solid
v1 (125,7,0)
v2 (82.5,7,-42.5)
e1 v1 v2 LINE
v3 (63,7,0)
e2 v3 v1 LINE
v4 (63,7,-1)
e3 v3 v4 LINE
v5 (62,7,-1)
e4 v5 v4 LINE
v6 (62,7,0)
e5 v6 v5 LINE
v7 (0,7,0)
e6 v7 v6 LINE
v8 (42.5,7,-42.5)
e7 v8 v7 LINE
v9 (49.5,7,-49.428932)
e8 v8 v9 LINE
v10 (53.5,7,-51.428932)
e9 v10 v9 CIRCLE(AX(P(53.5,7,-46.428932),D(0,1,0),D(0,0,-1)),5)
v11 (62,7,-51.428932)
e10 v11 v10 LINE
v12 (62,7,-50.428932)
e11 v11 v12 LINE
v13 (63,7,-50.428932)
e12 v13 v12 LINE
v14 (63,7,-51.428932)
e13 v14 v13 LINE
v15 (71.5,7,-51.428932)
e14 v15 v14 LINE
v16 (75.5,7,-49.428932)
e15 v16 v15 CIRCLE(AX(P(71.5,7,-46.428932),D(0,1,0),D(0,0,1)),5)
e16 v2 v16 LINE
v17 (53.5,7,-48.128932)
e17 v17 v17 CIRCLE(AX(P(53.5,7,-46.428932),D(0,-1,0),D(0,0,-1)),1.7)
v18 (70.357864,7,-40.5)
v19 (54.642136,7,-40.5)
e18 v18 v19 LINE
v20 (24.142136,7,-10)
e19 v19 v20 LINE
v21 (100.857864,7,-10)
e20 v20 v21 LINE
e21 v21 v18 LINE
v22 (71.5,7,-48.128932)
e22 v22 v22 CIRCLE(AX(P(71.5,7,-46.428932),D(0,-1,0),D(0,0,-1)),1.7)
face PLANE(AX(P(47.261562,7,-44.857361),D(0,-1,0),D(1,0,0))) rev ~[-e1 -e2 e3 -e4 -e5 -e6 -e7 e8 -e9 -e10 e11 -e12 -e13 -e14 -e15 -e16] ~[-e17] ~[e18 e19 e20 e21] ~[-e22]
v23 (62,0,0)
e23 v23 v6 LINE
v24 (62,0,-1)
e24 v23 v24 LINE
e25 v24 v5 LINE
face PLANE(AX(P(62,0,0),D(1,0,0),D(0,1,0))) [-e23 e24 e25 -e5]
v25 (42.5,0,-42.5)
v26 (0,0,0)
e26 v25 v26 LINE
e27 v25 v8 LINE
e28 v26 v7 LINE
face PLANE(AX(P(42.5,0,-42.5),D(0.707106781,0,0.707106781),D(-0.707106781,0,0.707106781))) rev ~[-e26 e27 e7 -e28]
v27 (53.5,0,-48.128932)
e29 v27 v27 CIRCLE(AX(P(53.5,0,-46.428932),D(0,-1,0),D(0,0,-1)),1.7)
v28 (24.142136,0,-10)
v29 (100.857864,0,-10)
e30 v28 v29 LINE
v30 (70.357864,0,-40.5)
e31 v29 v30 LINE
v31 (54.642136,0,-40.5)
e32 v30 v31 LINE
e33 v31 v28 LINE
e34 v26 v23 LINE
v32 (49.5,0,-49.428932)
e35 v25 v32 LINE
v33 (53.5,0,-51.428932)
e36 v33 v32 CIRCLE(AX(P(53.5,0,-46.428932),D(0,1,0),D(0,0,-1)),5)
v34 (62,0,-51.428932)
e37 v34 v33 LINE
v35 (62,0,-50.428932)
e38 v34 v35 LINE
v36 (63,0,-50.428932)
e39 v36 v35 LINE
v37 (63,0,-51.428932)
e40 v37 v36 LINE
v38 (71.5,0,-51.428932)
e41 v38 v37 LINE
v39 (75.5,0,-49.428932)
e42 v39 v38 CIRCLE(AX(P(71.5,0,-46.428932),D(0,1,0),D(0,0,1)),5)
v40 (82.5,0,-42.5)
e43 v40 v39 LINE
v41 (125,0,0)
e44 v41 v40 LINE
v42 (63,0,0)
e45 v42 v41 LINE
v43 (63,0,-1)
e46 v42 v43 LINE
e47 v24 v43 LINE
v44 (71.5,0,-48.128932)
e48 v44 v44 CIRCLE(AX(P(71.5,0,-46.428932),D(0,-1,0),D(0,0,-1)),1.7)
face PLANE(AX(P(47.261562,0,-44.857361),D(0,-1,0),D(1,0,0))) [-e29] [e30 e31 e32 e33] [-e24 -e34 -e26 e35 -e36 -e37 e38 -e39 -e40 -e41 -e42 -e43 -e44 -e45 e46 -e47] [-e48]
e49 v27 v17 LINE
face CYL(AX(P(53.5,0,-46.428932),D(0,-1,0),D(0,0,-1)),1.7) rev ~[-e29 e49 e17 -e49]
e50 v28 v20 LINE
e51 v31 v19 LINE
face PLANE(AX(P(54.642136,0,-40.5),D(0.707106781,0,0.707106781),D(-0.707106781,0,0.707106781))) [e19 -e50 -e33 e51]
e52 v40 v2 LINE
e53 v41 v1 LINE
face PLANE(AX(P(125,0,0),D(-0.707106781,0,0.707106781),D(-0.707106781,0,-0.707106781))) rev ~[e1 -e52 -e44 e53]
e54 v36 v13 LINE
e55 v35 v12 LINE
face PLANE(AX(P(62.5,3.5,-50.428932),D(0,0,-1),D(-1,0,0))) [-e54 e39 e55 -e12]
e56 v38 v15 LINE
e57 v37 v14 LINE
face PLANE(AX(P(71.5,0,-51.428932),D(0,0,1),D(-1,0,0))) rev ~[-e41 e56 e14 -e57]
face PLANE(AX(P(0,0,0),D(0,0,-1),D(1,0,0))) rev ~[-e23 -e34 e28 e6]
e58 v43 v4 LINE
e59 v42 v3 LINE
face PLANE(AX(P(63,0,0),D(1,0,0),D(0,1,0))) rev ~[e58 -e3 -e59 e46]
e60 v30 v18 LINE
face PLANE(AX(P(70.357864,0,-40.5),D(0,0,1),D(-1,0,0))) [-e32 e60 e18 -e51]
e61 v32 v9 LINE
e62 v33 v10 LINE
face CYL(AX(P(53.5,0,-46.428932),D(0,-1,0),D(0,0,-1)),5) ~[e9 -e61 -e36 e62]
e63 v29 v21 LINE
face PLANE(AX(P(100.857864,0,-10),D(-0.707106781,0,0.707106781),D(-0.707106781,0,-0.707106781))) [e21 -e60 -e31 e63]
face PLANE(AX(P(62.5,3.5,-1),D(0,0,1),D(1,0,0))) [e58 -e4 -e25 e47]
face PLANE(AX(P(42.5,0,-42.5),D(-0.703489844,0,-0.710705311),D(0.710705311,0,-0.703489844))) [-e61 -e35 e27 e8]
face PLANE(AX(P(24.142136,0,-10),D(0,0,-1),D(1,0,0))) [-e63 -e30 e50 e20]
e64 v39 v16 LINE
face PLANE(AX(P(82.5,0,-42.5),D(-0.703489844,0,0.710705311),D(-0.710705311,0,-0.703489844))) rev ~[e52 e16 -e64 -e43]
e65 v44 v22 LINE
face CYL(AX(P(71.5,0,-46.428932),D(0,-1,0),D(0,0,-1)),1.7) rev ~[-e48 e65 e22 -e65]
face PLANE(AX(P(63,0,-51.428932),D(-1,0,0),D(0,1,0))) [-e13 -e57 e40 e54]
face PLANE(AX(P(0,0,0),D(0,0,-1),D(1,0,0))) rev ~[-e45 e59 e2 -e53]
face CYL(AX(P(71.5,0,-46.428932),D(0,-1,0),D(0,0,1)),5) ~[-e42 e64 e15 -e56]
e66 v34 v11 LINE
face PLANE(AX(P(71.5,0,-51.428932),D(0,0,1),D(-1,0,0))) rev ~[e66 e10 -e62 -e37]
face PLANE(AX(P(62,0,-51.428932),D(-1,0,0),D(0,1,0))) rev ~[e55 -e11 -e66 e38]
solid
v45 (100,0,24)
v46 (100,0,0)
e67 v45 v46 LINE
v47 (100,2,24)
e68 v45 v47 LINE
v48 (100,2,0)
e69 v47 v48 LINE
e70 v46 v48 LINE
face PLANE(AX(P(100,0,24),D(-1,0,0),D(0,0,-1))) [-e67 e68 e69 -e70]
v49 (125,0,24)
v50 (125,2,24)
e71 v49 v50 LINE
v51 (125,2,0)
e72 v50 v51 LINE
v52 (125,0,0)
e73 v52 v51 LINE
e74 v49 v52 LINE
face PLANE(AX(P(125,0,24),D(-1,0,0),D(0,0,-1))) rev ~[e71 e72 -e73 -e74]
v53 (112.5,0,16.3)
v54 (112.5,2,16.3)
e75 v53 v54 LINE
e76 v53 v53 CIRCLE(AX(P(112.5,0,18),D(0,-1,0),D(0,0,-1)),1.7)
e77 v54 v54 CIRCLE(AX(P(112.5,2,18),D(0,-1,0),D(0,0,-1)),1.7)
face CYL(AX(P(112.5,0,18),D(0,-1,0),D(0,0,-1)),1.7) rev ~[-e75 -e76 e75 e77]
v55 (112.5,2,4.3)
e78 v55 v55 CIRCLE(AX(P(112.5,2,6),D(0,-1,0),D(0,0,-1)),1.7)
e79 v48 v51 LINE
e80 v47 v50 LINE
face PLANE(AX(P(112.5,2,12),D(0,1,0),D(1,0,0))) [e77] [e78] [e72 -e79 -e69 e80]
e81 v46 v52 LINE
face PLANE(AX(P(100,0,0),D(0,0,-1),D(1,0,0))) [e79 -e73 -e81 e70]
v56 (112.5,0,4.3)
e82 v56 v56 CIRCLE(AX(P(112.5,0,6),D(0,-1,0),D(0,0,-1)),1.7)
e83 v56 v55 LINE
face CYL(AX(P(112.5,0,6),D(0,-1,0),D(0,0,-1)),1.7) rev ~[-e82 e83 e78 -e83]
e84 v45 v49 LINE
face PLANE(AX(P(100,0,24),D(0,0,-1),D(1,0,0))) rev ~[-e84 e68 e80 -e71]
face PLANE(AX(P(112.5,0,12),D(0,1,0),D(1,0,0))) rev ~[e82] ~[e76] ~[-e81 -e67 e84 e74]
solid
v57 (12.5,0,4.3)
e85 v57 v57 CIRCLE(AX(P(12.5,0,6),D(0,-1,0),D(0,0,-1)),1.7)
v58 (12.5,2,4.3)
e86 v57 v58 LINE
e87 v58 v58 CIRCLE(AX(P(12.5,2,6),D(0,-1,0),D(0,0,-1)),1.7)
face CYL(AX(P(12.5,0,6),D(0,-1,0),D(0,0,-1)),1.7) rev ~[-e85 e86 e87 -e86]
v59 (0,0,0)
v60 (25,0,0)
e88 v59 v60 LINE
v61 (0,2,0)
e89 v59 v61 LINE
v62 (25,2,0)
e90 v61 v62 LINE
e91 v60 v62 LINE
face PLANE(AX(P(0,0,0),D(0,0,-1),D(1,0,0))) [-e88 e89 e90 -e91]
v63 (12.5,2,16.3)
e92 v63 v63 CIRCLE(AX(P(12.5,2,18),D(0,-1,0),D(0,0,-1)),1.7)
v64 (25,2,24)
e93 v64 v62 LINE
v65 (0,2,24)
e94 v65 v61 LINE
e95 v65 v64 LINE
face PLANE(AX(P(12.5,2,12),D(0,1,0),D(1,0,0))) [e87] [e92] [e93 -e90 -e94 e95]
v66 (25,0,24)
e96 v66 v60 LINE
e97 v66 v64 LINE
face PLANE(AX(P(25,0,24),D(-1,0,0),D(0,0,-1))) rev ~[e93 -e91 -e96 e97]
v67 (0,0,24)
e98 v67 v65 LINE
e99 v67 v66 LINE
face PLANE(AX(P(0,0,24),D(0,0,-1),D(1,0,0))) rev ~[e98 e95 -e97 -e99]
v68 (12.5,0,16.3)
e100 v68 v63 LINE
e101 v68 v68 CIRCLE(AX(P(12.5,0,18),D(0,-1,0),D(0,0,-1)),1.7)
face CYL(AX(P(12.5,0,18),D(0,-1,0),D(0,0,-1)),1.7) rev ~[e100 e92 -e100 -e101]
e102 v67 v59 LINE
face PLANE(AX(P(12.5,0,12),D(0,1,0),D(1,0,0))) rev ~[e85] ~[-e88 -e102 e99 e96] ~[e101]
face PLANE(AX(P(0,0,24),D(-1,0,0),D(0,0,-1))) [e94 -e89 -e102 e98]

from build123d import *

# Parameters (mm, degrees)
BEARING_MOUNTS_W             = 25
BEARING_MOUNTS_H             = 24
BEARING_MOUNT_PLATES_DEPTH   = 2
BEARING_MOUNT_PLATES_2_DEPTH = 2
BRIDGE_DEPTH                 = 7
M3_BEARING_HOLES_R           = 1.7
BEARING_MOUNT_HOLES_DEPTH    = 2
BELT_MOUNT_PLATE_DEPTH       = 7
M3_BELT_HOLES_R              = 1.7
BELT_MOUNT_SCREW_HOLES_DEPTH = 7
BOSS_EXTRUDE1_DEPTH          = 7
SKETCH7_W                    = 1
SKETCH7_H                    = 7
ALIGNMENT_HELPER_1_DEPTH     = 1
SKETCH8_W                    = 1
SKETCH8_H                    = 7
ALIGNMENT_HELPER_2_DEPTH     = 1


with BuildPart() as part:
    # Bearing Mounts → Bearing Mount Plates (new body)
    with BuildSketch(Plane(origin=(0, 0, 0), x_dir=(1, 0, 0), z_dir=(0, 1, 0))):
        with Locations((12.5, -12)):
            Rectangle(BEARING_MOUNTS_W, BEARING_MOUNTS_H)
    extrude(amount=BEARING_MOUNT_PLATES_DEPTH)


with BuildPart() as body_2:
    # Bearing Mounts → Bearing Mount Plates 2 (new body)
    with BuildSketch(Plane(origin=(0, 0, 0), x_dir=(1, 0, 0), z_dir=(0, 1, 0))):
        with Locations((112.5, -12)):
            Rectangle(BEARING_MOUNTS_W, BEARING_MOUNTS_H)
    extrude(amount=BEARING_MOUNT_PLATES_2_DEPTH)


with BuildPart() as body_3:
    # Triangle → Bridge (new body)
    with BuildSketch(Plane(origin=(0, 0, 0), x_dir=(1, 0, 0), z_dir=(0, 1, 0))):
        Polygon((0, 0), (125, 0), (82.5, 42.5), (42.5, 42.5), align=None)
        Polygon((24.142135624, 10), (100.857864376, 10), (70.357864376, 40.5), (54.642135624, 40.5), align=None, mode=Mode.SUBTRACT)
    extrude(amount=BRIDGE_DEPTH)

    # Belt Mount → Belt Mount Plate (add)
    with BuildSketch(Plane.XZ):
        with BuildLine():
            Line((53.5, -41.428932188), (71.5, -41.428932188))
            ThreePointArc((71.5, -41.428932188), (76.5, -46.428932188), (71.5, -51.428932188))
            Line((71.5, -51.428932188), (53.5, -51.428932188))
            ThreePointArc((53.5, -51.428932188), (48.5, -46.428932188), (53.5, -41.428932188))
        make_face()
    extrude(amount=-BELT_MOUNT_PLATE_DEPTH)

    # M3 Belt Holes → Belt Mount Screw Holes (cut)
    with BuildSketch(Plane.XZ):
        with Locations(Location((53.5, -46.428932188, 0), (0, 0, 270))):
            Circle(M3_BELT_HOLES_R)
        with Locations(Location((71.5, -46.428932188, 0), (0, 0, 270))):
            Circle(M3_BELT_HOLES_R)
    extrude(amount=-BELT_MOUNT_SCREW_HOLES_DEPTH, mode=Mode.SUBTRACT)

    # Sketch6 → Boss-Extrude1 (add)
    with BuildSketch(Plane.XZ):
        Polygon((42.5, -42.5), (49.5, -49.428932188), (50.407510411, -42.5), align=None)
        Polygon((82.5, -42.5), (75.5, -49.428932188), (74.592489589, -42.5), align=None)
    extrude(amount=-BOSS_EXTRUDE1_DEPTH)

    # Sketch7 → Alignment helper 1 (cut)
    with BuildSketch(Plane.XY):
        with Locations((62.5, 3.5)):
            Rectangle(SKETCH7_W, SKETCH7_H)
    extrude(amount=-ALIGNMENT_HELPER_1_DEPTH, mode=Mode.SUBTRACT)

    # Sketch8 → Alignment helper 2 (cut)
    with BuildSketch(Plane(origin=(0, 0, -51.428932188), x_dir=(-1, 0, 0), z_dir=(0, 0, -1))):
        with Locations((-62.5, 3.5)):
            Rectangle(SKETCH8_W, SKETCH8_H)
    extrude(amount=-ALIGNMENT_HELPER_2_DEPTH, mode=Mode.SUBTRACT)


with BuildPart() as bearing_mount_holes_tool:
    # M3 Bearing Holes → Bearing Mount Holes (new body)
    with BuildSketch(Plane.XZ):
        with Locations(Location((112.5, 6, 0), (0, 0, 270))):
            Circle(M3_BEARING_HOLES_R)
        with Locations(Location((112.5, 18, 0), (0, 0, 270))):
            Circle(M3_BEARING_HOLES_R)
        with Locations(Location((12.5, 6, 0), (0, 0, 270))):
            Circle(M3_BEARING_HOLES_R)
        with Locations(Location((12.5, 18, 0), (0, 0, 270))):
            Circle(M3_BEARING_HOLES_R)
    extrude(amount=-BEARING_MOUNT_HOLES_DEPTH)


with BuildPart() as part_1:
    add(part.part)

    # Bearing Mount Holes: cut by bearing_mount_holes_tool
    add(bearing_mount_holes_tool.part, mode=Mode.SUBTRACT)


with BuildPart() as body_2_1:
    add(body_2.part)

    # Bearing Mount Holes: cut by bearing_mount_holes_tool
    add(bearing_mount_holes_tool.part, mode=Mode.SUBTRACT)


solid = Compound([body_3.part, part_1.part, body_2_1.part])
